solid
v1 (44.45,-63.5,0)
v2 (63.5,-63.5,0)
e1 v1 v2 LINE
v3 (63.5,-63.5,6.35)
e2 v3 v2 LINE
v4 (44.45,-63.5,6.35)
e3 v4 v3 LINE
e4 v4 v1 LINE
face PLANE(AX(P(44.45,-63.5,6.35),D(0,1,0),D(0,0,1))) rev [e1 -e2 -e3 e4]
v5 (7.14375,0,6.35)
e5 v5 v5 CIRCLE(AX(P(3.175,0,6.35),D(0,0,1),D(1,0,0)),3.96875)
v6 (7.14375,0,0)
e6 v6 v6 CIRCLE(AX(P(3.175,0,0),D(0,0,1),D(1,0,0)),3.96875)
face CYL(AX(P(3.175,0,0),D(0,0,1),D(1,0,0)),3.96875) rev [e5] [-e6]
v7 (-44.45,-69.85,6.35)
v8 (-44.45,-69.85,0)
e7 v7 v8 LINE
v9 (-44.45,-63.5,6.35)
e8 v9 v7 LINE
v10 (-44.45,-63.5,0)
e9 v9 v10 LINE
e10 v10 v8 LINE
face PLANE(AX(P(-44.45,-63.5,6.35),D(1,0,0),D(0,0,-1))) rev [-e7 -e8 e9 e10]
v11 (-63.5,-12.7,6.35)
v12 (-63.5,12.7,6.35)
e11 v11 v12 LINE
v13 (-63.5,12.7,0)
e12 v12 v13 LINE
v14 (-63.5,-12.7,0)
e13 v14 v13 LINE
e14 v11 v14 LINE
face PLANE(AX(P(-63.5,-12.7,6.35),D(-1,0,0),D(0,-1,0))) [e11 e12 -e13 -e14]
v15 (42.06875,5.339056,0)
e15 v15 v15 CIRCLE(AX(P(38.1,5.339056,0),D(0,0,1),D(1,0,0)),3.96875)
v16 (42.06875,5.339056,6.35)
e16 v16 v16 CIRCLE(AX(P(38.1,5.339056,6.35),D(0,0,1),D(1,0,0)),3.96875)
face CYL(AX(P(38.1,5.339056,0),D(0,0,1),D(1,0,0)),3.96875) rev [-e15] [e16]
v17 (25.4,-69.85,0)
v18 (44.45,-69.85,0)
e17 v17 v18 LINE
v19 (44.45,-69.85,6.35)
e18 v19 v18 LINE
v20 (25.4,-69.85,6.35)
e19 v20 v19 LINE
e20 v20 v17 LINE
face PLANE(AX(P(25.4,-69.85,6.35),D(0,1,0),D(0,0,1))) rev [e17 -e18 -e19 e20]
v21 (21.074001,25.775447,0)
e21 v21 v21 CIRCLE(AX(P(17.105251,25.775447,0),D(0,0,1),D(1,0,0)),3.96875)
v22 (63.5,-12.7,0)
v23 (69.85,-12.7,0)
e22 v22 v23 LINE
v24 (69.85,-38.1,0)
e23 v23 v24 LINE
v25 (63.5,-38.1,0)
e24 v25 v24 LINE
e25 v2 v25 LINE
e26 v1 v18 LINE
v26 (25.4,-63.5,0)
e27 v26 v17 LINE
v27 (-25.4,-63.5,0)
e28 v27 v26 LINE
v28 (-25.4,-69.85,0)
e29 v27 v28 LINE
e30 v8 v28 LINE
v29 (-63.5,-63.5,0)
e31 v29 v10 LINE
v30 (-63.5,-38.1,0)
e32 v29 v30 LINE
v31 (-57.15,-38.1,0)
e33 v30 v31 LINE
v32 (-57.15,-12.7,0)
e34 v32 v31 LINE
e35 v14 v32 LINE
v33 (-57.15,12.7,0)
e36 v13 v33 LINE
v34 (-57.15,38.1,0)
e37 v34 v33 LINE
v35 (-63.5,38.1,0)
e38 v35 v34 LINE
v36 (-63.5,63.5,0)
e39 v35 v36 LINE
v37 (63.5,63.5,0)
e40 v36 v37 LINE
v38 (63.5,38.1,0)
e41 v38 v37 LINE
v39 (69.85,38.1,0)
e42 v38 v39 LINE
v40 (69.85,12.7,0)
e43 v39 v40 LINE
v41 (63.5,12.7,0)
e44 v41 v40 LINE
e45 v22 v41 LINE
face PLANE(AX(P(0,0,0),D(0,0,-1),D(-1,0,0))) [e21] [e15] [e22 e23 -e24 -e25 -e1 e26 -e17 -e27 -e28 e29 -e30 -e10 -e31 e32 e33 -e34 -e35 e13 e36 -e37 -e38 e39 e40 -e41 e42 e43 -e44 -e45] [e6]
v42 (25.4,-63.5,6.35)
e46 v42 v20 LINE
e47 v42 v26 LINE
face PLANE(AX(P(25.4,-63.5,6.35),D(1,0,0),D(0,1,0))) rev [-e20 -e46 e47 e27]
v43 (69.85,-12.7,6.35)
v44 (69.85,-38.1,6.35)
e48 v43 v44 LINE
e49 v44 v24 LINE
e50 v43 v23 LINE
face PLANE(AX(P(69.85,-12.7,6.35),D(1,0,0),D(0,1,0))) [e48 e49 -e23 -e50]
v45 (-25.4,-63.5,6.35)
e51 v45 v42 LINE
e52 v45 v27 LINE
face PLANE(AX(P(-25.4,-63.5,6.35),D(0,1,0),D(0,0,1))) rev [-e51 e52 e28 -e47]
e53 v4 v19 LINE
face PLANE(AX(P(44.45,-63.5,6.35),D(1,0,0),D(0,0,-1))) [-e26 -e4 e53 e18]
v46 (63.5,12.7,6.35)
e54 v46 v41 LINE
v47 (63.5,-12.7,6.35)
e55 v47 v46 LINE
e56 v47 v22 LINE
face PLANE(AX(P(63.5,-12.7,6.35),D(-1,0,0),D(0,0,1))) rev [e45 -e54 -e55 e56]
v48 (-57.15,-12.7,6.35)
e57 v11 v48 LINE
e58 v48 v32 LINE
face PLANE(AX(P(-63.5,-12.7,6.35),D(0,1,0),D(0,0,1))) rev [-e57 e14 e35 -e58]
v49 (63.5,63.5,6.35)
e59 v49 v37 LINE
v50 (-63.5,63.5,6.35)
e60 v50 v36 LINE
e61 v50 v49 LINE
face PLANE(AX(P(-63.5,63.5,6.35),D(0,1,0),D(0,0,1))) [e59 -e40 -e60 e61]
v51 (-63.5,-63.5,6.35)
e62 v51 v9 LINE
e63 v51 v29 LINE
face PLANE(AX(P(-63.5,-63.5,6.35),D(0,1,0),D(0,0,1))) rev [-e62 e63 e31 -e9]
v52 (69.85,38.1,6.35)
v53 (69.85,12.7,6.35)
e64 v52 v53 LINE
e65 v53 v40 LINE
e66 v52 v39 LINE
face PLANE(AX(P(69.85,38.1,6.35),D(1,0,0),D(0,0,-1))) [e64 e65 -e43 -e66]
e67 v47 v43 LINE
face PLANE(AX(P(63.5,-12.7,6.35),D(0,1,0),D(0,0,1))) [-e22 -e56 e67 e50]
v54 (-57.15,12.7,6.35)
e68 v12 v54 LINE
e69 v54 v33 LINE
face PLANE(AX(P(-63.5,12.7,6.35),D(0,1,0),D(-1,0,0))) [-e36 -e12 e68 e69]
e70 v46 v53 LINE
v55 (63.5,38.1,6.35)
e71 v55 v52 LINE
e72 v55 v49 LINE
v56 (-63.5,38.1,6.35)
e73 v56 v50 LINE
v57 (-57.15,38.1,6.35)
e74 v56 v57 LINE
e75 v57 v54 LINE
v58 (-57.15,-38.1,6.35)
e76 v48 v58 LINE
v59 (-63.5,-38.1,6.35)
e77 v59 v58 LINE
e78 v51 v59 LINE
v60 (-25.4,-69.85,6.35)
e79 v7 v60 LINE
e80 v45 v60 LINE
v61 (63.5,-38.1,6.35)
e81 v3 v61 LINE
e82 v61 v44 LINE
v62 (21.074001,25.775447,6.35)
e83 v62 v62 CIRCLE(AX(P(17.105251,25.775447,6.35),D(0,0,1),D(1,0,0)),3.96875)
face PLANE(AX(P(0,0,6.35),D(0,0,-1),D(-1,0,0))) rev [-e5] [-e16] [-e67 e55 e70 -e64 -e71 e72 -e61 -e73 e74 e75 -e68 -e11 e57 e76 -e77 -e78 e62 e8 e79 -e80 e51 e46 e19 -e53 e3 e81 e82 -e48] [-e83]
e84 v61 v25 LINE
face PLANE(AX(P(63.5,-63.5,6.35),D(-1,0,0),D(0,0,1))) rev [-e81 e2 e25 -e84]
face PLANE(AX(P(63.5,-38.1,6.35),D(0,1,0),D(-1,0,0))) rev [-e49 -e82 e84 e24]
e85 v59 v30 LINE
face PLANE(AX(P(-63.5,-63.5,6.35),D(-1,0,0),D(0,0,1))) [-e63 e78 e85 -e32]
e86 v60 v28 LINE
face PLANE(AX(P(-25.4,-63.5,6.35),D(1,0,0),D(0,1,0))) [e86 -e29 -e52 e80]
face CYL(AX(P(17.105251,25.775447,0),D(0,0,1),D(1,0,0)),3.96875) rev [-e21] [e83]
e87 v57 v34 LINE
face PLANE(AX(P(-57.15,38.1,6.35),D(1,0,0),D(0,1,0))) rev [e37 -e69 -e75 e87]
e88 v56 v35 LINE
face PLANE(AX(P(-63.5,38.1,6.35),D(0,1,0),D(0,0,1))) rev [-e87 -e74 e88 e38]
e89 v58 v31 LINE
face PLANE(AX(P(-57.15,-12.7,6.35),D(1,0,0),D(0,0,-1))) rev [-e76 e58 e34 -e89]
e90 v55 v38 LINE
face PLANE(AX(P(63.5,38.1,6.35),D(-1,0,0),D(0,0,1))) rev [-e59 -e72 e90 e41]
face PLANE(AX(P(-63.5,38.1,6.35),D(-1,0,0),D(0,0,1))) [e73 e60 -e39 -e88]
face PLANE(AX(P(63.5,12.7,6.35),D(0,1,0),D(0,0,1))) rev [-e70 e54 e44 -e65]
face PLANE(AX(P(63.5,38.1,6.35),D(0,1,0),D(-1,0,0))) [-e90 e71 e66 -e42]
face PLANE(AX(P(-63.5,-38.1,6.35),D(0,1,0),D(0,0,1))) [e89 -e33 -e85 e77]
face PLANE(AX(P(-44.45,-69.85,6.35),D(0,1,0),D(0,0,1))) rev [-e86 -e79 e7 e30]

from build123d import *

# Parameters (mm, degrees)
BOXSIDE_DEPTH      = 6.35
SKETCH2_R          = 3.96875
CUT_EXTRUDE1_DEPTH = 99.986703653


with BuildPart() as part:
    # Sketch1 → BOXSIDE (new body)
    with BuildSketch(Plane.XY):
        Polygon((-63.5, 38.1), (-63.5, 63.5), (63.5, 63.5), (63.5, 38.1), (69.85, 38.1), (69.85, 12.7), (63.5, 12.7), (63.5, -12.7), (69.85, -12.7), (69.85, -38.1), (63.5, -38.1), (63.5, -63.5), (44.45, -63.5), (44.45, -69.85), (25.4, -69.85), (25.4, -63.5), (-25.4, -63.5), (-25.4, -69.85), (-44.45, -69.85), (-44.45, -63.5), (-63.5, -63.5), (-63.5, -38.1), (-57.15, -38.1), (-57.15, -12.7), (-63.5, -12.7), (-63.5, 12.7), (-57.15, 12.7), (-57.15, 38.1), align=None)
    extrude(amount=BOXSIDE_DEPTH)

    # Sketch2 → Cut-Extrude1 (cut, through all)
    with BuildSketch(Plane.XY.offset(6.35)):
        with Locations((3.175, 0)):
            Circle(SKETCH2_R)
        with Locations((38.1, 5.339056325)):
            Circle(SKETCH2_R)
        with Locations((17.105250883, 25.77544668)):
            Circle(SKETCH2_R)
    extrude(amount=-CUT_EXTRUDE1_DEPTH, mode=Mode.SUBTRACT)


solid = part.part
